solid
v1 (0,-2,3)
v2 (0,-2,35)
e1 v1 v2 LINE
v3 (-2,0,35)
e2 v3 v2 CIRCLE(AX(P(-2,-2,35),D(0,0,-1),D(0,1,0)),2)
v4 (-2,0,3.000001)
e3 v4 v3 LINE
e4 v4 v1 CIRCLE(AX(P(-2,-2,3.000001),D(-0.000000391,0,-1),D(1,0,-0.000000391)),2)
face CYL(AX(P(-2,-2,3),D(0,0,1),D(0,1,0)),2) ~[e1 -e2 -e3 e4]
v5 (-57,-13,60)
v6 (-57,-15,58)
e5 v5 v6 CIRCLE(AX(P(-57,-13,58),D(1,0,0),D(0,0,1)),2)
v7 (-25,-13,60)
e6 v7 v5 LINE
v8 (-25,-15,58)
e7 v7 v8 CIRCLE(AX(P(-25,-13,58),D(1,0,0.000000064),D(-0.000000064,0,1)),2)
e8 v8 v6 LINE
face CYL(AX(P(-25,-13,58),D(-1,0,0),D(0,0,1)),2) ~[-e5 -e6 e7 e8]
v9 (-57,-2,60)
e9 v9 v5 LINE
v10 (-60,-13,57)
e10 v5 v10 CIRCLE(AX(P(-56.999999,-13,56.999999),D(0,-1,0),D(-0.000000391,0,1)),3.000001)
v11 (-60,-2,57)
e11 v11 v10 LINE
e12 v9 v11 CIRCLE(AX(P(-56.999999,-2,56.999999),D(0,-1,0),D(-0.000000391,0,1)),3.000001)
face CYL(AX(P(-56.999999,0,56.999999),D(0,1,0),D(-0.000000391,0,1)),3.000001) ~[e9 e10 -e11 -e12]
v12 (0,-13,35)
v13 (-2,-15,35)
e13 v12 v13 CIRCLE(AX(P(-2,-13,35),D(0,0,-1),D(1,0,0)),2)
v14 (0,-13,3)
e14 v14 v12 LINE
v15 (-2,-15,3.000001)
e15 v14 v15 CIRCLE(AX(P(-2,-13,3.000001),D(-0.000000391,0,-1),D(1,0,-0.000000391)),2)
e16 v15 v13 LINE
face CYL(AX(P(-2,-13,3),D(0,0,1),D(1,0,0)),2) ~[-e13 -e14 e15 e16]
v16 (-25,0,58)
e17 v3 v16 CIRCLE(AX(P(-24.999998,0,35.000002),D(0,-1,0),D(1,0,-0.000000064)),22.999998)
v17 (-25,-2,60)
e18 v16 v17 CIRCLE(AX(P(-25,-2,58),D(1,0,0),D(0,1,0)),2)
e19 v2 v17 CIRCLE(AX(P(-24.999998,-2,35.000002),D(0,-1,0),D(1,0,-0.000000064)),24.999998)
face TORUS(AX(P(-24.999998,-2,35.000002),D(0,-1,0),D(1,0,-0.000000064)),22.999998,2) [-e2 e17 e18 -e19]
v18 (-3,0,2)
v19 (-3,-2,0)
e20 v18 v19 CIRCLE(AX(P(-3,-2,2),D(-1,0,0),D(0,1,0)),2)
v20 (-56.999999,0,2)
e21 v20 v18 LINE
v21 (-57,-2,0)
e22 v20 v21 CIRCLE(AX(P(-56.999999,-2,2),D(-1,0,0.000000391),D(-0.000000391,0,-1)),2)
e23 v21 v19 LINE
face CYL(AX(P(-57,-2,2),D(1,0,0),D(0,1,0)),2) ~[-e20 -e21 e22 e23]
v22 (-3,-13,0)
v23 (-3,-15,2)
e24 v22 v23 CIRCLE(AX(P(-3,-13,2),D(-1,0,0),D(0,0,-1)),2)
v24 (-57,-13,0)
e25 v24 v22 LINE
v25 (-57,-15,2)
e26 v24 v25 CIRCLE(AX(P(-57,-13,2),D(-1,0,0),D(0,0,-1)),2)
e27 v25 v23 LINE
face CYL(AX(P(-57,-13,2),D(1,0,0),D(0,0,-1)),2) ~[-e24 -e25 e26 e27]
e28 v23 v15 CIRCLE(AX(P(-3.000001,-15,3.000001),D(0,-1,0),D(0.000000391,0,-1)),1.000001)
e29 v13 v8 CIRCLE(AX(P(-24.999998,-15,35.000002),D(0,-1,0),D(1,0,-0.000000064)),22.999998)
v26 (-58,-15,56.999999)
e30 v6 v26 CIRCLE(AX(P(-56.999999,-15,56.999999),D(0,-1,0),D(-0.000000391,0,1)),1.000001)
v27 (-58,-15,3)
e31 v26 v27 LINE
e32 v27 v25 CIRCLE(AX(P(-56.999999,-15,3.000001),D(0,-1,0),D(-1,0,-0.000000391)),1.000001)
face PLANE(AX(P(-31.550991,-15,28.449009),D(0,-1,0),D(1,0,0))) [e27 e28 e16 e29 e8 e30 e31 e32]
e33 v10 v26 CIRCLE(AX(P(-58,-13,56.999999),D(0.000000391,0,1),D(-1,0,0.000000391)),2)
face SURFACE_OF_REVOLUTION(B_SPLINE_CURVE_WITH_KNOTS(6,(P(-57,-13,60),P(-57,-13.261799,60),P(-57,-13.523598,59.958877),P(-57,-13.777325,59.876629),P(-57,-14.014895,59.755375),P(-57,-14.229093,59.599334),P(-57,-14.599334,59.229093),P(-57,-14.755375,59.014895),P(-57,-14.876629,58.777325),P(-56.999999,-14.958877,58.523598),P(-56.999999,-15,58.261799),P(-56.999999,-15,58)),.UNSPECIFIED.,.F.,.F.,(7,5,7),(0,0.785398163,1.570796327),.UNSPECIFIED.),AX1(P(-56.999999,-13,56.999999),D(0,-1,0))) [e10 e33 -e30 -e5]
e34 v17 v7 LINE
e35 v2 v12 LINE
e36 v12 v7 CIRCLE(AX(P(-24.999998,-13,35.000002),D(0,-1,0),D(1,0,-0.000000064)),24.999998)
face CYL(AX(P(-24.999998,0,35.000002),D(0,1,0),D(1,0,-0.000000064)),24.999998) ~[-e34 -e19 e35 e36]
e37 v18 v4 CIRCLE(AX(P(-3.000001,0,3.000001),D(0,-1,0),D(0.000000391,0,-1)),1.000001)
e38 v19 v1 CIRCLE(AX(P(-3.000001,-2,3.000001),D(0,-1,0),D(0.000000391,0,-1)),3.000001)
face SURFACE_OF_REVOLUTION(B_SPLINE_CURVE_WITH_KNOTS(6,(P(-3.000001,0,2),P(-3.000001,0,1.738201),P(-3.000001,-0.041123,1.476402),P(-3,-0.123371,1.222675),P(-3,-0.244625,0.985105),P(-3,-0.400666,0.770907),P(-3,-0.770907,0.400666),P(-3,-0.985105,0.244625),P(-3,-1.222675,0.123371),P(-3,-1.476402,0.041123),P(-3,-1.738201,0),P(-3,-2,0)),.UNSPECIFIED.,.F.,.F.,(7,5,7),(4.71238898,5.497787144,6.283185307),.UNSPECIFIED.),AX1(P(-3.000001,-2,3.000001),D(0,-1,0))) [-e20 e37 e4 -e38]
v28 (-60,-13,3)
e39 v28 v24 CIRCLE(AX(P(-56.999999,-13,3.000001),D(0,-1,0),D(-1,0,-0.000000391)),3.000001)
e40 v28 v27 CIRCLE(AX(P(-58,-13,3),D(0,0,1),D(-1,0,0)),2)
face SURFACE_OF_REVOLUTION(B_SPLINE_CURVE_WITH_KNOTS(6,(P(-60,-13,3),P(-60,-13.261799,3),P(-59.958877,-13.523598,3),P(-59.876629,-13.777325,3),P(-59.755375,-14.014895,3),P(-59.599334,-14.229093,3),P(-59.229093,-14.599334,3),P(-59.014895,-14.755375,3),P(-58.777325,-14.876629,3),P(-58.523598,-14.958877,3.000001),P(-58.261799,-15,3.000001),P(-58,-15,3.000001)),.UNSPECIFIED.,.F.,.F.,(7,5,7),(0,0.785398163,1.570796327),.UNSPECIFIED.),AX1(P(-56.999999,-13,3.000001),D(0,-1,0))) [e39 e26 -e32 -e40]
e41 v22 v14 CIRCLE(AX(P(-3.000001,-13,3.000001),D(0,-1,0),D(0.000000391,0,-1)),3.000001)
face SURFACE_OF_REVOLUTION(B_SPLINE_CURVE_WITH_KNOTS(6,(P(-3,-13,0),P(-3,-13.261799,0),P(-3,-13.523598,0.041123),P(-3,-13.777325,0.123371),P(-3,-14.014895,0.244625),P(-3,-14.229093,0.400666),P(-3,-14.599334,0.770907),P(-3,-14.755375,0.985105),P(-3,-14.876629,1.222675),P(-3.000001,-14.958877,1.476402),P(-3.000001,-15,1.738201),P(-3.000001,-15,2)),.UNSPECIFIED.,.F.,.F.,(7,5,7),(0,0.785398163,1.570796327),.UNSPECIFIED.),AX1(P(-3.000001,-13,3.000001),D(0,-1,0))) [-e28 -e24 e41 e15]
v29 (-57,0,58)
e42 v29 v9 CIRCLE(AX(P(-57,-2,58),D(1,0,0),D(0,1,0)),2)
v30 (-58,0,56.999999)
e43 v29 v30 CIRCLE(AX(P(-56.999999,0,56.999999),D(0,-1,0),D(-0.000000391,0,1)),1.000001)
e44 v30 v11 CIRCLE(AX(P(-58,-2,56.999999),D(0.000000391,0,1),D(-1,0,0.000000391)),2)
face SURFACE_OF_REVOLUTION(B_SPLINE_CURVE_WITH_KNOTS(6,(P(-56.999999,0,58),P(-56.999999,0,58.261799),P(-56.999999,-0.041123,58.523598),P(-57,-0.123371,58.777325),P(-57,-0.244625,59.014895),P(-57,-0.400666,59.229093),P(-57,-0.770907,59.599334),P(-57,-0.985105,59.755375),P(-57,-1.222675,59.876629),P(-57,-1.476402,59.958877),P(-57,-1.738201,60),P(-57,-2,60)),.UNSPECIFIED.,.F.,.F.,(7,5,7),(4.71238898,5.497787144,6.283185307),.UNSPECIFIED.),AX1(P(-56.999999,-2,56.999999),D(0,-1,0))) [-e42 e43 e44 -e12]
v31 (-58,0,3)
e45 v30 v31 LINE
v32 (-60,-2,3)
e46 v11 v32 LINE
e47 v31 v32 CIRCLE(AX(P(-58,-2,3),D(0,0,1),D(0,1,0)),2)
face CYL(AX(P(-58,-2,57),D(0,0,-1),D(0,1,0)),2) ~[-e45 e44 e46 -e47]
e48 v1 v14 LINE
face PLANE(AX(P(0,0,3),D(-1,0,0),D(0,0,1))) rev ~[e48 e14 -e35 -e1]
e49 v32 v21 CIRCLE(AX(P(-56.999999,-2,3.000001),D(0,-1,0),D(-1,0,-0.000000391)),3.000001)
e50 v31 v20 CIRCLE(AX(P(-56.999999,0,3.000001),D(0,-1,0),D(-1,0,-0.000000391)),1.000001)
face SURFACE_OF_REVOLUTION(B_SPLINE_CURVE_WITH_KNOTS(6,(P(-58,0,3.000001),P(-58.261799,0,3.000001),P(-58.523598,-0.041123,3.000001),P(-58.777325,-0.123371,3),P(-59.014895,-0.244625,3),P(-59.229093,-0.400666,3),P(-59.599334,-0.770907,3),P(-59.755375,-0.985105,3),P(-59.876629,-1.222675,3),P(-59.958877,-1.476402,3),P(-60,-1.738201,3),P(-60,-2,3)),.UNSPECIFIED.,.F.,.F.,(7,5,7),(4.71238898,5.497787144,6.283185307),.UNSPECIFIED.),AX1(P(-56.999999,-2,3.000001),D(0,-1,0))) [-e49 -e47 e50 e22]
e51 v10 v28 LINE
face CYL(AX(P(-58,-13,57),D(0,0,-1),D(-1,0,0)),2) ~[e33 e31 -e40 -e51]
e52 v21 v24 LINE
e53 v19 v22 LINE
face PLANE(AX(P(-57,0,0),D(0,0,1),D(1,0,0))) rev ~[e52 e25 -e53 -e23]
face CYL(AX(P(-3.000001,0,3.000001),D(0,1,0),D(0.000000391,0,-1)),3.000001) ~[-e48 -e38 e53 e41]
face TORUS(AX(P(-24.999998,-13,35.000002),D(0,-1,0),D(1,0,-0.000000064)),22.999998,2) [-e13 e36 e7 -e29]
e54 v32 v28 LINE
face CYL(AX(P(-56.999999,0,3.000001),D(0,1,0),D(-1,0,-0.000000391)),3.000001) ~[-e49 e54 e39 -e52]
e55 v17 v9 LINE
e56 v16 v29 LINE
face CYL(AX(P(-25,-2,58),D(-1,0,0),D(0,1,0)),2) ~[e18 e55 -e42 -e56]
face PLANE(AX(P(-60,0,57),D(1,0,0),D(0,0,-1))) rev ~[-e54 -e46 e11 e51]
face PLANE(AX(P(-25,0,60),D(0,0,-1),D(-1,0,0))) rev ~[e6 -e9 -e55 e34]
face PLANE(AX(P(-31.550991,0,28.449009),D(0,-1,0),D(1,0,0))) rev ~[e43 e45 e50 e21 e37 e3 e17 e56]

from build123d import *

# Parameters (mm, degrees)
F1_DEPTH = 15
F2_R     = 2
F3_R     = 2


with BuildPart() as f1:
    # F0 (on Front) → F1 (new body)
    with BuildSketch(Plane.XZ):
        with BuildLine():
            Line((-57, 0), (-3, 0))
            ThreePointArc((-3, 0), (-0.87868, 0.87868), (0, 3))
            Line((0, 3), (0, 35))
            ThreePointArc((0, 35), (-7.32233, 52.67767), (-25, 60))
            Line((-25, 60), (-57, 60))
            ThreePointArc((-57, 60), (-59.12132, 59.12132), (-60, 57))
            Line((-60, 57), (-60, 3))
            ThreePointArc((-60, 3), (-59.12132, 0.87868), (-57, 0))
        make_face()
    extrude(amount=F1_DEPTH)

    # F2
    f2_edges = [f1.edges().sort_by_distance(p)[0] for p in [
        (-30, -15, 0),
        (-0.87868, -15, 0.87868),
        (0, -15, 19),
        (-7.32233, -15, 52.67767),
        (-41, -15, 60),
        (-59.12132, -15, 59.12132),
        (-60, -15, 30),
        (-59.12132, -15, 0.87868),
    ]]
    fillet(f2_edges, radius=F2_R)

    # F3
    f3_edges = [f1.edges().sort_by_distance(p)[0] for p in [
        (-41, 0, 60),
    ]]
    fillet(f3_edges, radius=F3_R)


solid = f1.part
